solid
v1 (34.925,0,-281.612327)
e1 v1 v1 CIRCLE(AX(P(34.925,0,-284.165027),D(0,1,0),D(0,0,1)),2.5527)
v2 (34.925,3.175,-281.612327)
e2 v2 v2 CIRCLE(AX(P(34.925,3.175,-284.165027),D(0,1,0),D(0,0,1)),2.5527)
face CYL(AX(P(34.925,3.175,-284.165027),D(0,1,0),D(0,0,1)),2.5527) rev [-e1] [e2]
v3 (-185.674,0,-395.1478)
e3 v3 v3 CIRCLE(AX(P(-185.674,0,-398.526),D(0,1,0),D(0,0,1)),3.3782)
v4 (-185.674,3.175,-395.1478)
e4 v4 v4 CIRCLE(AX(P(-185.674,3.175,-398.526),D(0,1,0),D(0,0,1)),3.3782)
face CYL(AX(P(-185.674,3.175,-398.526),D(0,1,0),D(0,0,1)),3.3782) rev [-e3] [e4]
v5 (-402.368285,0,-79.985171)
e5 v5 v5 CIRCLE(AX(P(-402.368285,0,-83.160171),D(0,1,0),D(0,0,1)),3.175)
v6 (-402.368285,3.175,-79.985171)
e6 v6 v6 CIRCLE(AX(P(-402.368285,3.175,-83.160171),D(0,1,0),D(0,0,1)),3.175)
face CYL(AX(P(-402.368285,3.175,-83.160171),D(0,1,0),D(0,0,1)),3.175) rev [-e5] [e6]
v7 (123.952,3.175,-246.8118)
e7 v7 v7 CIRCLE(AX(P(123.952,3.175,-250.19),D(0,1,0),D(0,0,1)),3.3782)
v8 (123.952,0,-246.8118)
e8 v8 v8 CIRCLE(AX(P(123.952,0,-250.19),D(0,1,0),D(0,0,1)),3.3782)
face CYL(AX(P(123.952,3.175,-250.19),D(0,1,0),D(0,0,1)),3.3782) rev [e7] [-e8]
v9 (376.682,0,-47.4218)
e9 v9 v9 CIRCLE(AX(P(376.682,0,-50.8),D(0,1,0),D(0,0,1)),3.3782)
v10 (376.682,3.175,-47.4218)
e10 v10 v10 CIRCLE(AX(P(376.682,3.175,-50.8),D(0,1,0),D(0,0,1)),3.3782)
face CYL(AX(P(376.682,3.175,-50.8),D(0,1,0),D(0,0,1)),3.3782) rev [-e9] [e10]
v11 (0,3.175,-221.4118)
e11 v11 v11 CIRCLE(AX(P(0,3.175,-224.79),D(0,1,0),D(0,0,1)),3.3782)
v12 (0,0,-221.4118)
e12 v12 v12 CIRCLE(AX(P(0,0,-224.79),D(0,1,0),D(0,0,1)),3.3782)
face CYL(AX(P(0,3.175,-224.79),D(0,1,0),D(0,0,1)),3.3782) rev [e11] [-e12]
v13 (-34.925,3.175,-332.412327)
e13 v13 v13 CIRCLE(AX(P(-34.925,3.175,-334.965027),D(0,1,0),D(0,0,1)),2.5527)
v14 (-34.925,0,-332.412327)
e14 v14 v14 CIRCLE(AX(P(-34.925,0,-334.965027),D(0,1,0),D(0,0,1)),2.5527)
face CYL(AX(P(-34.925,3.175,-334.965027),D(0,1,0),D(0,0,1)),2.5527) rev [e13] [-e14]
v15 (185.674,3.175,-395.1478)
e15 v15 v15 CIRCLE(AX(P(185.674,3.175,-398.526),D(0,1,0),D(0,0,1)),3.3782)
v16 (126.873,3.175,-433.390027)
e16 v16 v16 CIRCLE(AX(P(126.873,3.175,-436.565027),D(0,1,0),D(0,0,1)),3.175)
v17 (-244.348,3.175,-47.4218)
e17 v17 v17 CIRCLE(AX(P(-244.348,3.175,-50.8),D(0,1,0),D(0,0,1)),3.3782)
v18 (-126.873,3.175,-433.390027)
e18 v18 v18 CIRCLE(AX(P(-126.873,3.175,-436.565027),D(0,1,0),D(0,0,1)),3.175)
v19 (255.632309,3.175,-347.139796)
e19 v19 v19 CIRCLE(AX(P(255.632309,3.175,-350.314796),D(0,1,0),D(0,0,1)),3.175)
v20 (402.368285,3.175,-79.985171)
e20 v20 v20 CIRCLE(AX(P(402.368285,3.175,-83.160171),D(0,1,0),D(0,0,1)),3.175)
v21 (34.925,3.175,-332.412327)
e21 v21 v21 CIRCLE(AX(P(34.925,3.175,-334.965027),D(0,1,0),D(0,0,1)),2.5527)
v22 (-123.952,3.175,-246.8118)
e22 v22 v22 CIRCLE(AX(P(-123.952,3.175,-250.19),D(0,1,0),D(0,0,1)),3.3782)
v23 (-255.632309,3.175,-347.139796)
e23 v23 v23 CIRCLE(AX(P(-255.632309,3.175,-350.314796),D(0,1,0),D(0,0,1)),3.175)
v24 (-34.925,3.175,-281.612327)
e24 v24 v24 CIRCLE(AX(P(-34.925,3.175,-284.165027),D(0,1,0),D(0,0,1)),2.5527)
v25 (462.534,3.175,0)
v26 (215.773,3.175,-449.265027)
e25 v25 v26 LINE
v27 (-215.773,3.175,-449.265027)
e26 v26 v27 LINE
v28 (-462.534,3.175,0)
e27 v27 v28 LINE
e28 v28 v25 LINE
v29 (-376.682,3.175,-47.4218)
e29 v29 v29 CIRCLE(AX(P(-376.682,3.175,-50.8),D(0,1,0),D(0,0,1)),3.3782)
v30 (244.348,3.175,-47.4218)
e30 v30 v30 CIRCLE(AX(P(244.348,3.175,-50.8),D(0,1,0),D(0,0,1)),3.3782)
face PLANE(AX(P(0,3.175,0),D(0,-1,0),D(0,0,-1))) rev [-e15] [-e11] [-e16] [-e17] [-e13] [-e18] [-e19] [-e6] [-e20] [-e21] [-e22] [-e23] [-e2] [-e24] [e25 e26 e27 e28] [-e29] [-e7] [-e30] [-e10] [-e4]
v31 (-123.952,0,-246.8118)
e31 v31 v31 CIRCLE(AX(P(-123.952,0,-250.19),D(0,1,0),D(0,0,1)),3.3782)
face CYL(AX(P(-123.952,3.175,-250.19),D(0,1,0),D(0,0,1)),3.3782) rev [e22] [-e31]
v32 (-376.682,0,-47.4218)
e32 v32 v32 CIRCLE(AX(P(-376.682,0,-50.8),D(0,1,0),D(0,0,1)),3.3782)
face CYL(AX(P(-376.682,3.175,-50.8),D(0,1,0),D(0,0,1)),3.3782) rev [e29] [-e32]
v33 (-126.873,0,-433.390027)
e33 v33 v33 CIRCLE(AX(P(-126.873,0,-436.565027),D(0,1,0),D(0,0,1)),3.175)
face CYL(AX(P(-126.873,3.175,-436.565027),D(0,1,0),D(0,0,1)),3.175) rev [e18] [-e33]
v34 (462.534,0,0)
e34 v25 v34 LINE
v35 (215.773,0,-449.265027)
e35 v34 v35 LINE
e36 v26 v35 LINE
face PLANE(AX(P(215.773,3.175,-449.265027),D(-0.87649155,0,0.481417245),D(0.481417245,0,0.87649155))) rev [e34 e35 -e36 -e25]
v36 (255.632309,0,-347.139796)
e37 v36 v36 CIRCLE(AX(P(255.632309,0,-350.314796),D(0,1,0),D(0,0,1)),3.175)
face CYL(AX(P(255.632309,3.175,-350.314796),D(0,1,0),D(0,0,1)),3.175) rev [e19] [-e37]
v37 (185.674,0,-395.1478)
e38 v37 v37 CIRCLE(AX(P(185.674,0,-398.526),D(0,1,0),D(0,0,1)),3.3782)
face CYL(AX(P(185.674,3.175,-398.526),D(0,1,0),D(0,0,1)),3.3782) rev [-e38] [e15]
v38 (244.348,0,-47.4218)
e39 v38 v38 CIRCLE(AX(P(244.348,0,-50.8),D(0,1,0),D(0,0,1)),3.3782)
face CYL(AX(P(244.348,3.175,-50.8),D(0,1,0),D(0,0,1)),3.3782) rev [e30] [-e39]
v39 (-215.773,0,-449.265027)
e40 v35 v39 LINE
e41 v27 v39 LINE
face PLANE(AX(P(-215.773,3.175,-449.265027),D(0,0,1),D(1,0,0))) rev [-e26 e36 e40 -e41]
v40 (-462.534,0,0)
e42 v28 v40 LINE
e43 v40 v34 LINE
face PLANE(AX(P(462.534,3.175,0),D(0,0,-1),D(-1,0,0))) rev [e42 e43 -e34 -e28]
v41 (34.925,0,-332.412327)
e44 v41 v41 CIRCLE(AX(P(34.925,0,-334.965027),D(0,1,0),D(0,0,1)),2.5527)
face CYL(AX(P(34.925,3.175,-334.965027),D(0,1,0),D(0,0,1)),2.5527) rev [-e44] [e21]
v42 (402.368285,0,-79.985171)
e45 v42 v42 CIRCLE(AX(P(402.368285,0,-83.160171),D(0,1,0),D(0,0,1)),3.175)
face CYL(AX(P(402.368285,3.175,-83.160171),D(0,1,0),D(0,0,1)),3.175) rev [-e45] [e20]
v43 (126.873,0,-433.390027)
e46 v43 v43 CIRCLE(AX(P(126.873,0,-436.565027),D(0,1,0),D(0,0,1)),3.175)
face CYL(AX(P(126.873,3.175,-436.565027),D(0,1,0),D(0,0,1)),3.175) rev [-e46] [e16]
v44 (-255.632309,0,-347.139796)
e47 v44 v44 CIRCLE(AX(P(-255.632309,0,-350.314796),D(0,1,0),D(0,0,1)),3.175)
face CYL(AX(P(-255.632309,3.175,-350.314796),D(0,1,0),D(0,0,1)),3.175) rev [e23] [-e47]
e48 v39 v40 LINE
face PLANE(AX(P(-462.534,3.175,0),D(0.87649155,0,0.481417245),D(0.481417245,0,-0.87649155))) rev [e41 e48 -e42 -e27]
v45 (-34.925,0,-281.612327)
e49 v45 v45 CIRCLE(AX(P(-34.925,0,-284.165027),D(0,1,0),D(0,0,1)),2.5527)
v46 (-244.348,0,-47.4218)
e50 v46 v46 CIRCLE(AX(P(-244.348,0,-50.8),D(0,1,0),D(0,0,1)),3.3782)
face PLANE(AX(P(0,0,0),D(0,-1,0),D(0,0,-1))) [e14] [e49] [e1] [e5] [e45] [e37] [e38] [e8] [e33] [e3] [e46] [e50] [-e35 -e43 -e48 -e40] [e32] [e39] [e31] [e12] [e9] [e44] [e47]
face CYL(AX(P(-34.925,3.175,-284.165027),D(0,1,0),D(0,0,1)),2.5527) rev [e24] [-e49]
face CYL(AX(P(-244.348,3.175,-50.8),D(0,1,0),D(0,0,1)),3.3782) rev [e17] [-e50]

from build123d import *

# Parameters (mm, degrees)
BOSS_EXTRUDE1_DEPTH         = 3.175
F_1_4_0_25_DIAMETER_HOLE1_D = 6.35
F_1_4_CLEARANCE_HOLE1_D     = 6.7564
F_7_0_201_DIAMETER_HOLE1_D  = 5.1054


with BuildPart() as part:
    # Sketch1 → Boss-Extrude1 (new body)
    with BuildSketch(Plane(origin=(0, 0, 0), x_dir=(1, 0, 0), z_dir=(0, 1, 0))):
        Polygon((-462.534, 0), (-215.773, 449.26502653), (215.773, 449.26502653), (462.534, 0), align=None)
    extrude(amount=BOSS_EXTRUDE1_DEPTH)

    # 1/4 (0.25) Diameter Hole1 (through all)
    with Locations(Plane(origin=(0, 3.175, 0), x_dir=(1, 0, 0), z_dir=(0, 1, 0))):
        with Locations((-402.368285269, 83.160171278), (-255.632309055, 350.314795577), (-126.873, 436.56502653), (402.368285269, 83.160171278), (255.632309055, 350.314795577), (126.873, 436.56502653)):
            Hole(F_1_4_0_25_DIAMETER_HOLE1_D / 2)

    # 1/4 Clearance Hole1 (through all)
    with Locations(Plane(origin=(0, 3.175, 0), x_dir=(1, 0, 0), z_dir=(0, 1, 0))):
        with Locations((-376.682, 50.8), (-244.348, 50.8), (-123.952, 250.19), (-185.674, 398.526), (0, 224.79), (376.682, 50.8), (244.348, 50.8), (185.674, 398.526), (123.952, 250.19)):
            Hole(F_1_4_CLEARANCE_HOLE1_D / 2)

    # #7 (0.201) Diameter Hole1 (through all)
    with Locations(Plane(origin=(0, 3.175, 0), x_dir=(1, 0, 0), z_dir=(0, 1, 0))):
        with Locations((34.925, 334.96502653), (-34.925, 334.96502653), (-34.925, 284.16502653), (34.925, 284.16502653)):
            Hole(F_7_0_201_DIAMETER_HOLE1_D / 2)


solid = part.part
